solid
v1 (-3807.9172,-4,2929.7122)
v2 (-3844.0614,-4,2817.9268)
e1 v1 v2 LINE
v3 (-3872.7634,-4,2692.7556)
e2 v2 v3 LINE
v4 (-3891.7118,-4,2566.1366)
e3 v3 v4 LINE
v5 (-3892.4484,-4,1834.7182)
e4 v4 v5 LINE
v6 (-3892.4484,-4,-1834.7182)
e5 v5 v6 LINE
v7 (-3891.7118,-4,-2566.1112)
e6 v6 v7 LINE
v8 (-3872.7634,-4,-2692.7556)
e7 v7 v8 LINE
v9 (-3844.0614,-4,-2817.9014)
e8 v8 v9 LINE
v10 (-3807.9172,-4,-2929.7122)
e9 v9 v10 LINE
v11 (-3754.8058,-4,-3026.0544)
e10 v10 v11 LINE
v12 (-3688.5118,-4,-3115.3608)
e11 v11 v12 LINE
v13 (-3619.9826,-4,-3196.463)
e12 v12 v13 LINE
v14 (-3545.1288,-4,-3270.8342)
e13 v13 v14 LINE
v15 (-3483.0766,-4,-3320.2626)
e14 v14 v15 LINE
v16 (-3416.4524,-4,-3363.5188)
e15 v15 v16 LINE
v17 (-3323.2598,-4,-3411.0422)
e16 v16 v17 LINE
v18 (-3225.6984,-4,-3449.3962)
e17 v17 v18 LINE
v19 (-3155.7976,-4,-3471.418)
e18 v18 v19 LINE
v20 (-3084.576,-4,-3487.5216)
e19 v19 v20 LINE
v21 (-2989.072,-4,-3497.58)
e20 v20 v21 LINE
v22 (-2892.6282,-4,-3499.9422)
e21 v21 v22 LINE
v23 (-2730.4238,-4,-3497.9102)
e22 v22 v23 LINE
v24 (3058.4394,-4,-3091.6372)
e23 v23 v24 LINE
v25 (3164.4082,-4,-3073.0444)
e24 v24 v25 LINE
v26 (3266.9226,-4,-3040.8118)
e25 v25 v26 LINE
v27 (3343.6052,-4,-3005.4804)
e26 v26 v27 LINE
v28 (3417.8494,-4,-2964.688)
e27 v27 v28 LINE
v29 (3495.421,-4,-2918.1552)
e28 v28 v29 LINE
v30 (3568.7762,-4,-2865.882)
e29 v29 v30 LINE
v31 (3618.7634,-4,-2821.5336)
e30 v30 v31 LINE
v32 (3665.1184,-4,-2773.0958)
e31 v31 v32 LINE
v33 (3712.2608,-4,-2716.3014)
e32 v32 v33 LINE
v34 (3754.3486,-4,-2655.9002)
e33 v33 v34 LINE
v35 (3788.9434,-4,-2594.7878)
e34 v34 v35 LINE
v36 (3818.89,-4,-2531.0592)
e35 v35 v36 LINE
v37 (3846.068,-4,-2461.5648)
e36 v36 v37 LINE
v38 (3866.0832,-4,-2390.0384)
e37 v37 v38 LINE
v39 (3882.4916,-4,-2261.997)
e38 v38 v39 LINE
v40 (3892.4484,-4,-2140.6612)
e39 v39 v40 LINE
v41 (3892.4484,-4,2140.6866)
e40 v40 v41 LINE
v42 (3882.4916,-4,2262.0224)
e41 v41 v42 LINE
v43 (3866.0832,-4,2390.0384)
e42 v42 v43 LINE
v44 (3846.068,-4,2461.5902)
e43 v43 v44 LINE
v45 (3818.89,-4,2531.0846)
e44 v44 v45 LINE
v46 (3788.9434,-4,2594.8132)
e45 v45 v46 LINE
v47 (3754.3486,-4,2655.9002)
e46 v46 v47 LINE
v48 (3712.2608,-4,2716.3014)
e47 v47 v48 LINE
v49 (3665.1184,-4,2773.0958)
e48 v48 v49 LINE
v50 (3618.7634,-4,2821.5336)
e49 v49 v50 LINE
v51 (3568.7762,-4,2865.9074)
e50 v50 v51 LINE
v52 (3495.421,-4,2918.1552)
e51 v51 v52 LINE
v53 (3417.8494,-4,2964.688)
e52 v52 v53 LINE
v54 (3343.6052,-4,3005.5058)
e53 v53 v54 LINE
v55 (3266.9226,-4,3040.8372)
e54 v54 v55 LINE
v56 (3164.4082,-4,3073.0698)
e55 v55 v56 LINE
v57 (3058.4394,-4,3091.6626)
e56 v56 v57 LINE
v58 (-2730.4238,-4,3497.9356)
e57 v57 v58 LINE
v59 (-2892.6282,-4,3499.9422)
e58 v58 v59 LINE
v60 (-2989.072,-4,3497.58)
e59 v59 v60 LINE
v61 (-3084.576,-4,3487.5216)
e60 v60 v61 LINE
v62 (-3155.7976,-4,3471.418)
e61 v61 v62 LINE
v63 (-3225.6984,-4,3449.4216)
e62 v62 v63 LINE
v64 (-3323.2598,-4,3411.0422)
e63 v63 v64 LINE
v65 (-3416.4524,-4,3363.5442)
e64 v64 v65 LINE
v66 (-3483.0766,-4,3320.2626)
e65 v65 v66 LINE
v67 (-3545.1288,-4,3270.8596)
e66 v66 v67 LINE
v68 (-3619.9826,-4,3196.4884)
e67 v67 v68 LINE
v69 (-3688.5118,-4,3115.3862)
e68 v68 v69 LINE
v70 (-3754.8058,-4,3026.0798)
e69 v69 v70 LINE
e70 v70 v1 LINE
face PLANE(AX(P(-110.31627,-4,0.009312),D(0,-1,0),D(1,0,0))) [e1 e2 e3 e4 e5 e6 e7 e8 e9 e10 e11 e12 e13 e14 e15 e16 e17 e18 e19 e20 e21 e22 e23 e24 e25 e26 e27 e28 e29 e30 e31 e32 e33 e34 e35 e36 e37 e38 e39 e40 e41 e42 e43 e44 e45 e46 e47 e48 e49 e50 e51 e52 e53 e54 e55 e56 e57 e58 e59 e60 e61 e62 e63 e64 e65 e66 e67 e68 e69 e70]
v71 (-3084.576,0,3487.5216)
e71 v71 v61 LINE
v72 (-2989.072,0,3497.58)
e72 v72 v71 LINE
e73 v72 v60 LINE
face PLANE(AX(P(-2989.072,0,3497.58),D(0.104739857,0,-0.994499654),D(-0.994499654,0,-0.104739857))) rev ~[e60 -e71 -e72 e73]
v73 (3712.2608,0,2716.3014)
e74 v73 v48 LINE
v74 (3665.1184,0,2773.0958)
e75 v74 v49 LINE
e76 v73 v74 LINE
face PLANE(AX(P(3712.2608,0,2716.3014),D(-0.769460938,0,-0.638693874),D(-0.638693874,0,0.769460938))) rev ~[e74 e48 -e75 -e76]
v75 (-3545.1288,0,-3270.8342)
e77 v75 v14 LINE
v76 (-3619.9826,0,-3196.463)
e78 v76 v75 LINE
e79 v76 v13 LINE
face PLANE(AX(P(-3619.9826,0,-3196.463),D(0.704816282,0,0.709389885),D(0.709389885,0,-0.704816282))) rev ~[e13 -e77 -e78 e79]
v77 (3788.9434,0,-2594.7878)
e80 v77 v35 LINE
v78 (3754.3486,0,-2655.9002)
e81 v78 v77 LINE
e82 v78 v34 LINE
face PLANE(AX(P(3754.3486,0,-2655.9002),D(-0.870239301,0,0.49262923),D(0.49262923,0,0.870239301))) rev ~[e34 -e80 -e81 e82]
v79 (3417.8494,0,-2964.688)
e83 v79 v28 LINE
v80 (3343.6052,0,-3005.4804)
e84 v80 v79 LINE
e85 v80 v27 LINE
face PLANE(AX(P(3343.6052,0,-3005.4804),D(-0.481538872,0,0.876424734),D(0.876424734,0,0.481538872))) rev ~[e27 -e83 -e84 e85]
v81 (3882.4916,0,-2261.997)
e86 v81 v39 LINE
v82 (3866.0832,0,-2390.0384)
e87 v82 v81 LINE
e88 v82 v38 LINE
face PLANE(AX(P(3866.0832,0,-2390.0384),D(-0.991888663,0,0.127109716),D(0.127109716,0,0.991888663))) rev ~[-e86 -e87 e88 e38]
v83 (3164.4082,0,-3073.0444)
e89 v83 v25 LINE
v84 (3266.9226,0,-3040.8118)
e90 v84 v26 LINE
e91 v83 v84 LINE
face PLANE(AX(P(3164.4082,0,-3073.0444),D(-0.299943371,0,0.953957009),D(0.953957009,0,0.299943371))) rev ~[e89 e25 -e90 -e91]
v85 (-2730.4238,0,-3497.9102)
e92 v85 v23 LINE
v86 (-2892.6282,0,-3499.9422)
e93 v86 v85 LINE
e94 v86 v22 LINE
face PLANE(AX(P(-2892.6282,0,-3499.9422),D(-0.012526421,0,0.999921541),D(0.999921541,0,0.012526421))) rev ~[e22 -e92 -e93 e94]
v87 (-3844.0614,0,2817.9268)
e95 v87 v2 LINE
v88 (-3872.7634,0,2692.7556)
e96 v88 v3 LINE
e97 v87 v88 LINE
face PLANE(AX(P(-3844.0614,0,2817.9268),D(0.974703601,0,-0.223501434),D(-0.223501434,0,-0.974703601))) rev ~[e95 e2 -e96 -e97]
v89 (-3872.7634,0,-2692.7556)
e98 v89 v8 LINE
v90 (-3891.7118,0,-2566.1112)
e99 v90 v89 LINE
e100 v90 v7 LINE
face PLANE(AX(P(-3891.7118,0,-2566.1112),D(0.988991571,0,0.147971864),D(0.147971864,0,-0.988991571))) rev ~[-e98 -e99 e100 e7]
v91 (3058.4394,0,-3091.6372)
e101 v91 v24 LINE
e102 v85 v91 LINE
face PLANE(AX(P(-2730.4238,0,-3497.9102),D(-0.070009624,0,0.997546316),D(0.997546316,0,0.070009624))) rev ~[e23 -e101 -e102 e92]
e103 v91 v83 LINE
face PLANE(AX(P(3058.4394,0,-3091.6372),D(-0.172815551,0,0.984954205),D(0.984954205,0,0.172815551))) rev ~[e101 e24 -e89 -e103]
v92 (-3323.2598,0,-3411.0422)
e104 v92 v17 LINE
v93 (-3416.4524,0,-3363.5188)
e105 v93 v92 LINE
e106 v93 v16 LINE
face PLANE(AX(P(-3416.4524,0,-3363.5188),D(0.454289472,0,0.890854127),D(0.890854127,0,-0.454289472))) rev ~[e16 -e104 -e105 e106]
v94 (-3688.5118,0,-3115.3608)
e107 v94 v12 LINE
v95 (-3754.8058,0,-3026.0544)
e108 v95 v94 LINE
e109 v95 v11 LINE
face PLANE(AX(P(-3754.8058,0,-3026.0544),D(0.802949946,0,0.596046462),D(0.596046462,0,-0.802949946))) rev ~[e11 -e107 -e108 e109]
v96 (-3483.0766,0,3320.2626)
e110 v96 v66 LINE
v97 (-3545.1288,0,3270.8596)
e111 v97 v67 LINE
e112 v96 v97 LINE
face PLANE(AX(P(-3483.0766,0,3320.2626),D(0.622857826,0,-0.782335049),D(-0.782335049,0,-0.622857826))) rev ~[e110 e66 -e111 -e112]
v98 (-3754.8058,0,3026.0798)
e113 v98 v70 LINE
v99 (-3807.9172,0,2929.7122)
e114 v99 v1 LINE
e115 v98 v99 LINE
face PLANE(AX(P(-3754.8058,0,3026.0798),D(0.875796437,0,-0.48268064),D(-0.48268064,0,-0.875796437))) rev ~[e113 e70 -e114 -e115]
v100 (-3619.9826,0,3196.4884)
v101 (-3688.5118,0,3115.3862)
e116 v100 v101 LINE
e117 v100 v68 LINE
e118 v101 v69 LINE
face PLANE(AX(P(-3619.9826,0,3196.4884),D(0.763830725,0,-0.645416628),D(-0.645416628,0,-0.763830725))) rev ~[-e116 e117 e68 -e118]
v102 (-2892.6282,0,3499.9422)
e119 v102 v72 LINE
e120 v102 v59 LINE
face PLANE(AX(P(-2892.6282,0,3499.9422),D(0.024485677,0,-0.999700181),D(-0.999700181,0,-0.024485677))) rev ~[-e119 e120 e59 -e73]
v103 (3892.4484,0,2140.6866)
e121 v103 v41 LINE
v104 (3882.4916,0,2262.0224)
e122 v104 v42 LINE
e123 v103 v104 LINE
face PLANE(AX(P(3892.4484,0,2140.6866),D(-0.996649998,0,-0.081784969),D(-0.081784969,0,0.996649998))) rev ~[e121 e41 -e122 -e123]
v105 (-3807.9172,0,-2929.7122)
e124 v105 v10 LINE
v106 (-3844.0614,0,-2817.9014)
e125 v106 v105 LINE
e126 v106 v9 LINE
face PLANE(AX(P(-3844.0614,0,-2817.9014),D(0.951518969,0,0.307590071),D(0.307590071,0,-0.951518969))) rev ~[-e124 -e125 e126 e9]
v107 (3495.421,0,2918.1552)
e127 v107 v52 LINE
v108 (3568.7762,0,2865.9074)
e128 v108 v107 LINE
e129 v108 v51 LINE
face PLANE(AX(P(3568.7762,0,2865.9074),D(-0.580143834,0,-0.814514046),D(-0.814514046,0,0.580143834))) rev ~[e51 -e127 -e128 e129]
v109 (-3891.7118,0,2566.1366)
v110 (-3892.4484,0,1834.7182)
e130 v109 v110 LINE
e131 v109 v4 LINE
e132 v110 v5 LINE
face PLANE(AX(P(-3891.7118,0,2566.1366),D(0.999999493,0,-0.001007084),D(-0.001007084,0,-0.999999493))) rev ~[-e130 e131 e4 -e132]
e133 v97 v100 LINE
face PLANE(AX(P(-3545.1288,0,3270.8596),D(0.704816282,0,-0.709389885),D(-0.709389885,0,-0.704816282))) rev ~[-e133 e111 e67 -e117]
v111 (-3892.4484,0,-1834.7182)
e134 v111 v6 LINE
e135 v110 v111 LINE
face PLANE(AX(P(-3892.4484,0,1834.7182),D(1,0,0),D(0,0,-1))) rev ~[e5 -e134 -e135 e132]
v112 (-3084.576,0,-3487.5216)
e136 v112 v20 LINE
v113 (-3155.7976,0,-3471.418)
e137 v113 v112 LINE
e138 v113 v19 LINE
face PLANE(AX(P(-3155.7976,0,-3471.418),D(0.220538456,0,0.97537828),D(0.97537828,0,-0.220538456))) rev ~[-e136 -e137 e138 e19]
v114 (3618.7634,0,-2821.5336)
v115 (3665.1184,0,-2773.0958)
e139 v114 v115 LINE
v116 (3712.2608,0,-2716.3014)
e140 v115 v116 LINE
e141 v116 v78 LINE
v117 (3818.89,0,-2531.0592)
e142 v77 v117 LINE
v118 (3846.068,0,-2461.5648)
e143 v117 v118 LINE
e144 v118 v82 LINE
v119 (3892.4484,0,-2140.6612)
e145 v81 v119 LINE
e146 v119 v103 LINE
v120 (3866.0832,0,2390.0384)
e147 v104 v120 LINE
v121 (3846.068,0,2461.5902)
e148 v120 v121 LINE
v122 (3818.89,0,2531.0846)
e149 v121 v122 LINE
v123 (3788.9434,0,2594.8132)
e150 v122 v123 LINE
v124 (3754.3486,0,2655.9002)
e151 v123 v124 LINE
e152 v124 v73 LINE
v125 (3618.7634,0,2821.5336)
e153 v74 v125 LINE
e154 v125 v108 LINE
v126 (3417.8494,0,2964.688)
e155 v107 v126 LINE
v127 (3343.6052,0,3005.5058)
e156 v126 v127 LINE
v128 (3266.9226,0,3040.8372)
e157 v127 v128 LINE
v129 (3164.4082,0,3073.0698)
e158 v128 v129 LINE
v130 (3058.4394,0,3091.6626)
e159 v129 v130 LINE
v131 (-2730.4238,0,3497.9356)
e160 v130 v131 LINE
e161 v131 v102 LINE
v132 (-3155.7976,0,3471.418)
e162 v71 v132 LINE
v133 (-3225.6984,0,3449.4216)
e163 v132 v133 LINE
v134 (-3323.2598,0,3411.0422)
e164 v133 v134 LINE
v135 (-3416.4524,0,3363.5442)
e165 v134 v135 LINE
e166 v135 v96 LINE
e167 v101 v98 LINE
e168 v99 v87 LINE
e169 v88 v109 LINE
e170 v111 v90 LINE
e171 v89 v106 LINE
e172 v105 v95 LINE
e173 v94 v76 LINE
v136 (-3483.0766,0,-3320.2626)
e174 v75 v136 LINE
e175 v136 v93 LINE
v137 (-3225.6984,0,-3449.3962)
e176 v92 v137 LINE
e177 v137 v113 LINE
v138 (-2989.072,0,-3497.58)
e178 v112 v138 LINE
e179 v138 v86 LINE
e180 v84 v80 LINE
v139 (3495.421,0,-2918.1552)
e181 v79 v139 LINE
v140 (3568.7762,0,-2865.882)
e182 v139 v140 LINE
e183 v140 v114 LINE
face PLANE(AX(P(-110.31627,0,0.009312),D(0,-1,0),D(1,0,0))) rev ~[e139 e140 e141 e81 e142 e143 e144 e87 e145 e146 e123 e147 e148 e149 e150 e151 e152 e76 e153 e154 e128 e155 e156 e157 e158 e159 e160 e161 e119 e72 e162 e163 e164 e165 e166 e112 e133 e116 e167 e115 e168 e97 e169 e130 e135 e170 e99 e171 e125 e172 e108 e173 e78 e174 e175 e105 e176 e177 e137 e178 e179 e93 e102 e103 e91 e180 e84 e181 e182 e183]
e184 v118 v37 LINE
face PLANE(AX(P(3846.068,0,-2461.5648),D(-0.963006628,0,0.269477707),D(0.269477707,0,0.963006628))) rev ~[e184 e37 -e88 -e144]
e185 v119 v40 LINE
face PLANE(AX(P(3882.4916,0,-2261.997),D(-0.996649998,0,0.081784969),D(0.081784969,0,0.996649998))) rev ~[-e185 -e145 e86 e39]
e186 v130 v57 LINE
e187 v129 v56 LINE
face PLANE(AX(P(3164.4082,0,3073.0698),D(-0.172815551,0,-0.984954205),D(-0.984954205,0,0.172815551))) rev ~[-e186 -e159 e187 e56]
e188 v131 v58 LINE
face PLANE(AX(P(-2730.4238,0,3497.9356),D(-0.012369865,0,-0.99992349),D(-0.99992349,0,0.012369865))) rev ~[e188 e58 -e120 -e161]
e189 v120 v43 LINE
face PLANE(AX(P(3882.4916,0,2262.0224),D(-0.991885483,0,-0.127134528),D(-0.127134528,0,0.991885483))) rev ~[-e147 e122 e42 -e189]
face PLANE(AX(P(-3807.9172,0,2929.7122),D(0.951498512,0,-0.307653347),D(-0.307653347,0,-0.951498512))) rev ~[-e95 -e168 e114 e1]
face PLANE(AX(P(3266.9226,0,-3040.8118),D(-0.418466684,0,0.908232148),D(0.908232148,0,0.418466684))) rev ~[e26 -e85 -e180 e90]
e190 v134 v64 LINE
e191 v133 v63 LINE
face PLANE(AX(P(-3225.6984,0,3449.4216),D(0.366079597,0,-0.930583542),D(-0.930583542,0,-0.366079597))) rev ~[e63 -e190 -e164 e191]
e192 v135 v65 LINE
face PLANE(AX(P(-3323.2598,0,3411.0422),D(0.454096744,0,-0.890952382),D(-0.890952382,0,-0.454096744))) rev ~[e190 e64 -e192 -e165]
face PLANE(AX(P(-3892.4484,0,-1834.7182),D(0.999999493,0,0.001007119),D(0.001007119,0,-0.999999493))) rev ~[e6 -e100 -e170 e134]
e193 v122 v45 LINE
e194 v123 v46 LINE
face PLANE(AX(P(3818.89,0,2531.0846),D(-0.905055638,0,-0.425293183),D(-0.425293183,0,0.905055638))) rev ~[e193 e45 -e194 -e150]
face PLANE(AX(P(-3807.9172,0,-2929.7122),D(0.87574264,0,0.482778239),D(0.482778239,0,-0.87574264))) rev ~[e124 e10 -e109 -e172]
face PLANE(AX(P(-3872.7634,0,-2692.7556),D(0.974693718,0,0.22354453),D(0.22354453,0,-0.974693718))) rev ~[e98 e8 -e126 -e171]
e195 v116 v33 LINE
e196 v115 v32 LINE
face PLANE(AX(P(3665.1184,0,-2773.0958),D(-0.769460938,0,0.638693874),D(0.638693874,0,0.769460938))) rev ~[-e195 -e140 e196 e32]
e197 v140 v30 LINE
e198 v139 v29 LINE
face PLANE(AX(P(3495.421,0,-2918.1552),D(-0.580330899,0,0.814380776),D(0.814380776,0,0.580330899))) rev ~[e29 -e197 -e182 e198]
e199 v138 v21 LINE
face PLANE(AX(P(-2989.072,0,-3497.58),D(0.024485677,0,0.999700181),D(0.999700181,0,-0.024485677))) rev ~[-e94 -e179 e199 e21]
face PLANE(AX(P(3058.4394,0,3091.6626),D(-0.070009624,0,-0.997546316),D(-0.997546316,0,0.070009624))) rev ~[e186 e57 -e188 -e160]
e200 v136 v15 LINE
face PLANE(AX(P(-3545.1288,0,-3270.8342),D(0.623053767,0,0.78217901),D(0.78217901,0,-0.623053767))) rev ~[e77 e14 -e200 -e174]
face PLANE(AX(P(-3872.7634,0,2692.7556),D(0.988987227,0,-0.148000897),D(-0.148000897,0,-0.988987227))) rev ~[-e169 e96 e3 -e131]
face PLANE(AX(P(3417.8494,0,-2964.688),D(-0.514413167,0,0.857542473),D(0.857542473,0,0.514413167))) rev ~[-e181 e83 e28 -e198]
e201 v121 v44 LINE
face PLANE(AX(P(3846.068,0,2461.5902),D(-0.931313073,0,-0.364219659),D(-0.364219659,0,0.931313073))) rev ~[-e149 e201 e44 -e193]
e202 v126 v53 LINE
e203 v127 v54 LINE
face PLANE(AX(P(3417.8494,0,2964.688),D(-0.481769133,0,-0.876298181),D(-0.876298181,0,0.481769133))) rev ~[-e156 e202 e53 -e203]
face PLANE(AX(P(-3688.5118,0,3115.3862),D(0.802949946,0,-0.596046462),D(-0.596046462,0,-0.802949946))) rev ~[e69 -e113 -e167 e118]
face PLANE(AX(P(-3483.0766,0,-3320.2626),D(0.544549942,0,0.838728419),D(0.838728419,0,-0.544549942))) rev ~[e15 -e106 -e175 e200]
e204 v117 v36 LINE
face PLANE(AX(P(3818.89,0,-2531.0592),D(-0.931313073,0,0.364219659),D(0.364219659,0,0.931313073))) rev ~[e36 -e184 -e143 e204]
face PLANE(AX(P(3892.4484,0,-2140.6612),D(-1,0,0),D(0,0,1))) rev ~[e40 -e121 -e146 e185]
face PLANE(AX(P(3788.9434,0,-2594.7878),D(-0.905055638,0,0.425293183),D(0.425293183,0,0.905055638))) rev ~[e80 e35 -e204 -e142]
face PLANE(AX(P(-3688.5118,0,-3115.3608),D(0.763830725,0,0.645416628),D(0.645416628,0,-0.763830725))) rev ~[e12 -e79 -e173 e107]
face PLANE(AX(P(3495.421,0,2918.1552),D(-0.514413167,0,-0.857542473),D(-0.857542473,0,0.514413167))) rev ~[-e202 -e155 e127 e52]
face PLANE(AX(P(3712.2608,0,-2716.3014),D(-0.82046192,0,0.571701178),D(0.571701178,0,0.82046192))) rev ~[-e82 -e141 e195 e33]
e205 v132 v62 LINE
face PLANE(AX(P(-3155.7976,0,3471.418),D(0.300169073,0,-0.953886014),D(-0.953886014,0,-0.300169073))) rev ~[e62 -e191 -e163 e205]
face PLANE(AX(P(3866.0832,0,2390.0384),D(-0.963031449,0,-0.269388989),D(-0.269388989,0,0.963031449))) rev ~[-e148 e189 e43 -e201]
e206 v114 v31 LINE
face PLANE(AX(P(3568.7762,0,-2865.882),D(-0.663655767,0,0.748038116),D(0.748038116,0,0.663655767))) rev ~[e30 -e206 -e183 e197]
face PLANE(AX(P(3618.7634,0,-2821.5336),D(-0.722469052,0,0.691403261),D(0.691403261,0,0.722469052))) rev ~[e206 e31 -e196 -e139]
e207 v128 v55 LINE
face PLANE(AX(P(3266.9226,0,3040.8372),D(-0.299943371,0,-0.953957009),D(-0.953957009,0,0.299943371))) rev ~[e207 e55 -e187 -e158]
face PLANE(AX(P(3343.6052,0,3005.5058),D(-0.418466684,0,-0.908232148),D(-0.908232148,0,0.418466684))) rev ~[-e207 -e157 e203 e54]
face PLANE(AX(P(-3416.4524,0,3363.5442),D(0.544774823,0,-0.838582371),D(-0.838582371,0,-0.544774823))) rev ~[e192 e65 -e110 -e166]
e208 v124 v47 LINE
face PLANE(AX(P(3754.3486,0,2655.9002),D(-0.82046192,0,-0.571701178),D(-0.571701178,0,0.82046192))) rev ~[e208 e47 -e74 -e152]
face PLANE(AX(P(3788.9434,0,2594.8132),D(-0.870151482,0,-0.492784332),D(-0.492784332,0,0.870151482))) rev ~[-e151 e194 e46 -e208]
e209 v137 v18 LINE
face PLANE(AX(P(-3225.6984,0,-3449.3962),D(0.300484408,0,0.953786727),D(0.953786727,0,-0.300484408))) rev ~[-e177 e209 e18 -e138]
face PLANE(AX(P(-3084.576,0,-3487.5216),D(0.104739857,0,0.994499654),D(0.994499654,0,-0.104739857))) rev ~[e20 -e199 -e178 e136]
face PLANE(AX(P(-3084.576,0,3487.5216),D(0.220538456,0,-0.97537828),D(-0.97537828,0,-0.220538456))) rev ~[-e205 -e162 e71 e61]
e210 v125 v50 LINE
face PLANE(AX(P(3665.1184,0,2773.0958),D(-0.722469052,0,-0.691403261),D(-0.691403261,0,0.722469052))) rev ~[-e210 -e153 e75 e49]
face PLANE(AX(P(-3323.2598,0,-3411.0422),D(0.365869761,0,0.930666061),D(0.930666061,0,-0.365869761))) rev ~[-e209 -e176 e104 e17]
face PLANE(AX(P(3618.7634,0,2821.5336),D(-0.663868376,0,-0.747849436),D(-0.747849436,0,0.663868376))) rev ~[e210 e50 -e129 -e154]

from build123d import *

# Parameters (mm, degrees)
F1_DEPTH = 4


with BuildPart() as f1:
    # F0 (on Front) → F1 (new body)
    with BuildSketch(Plane.XZ):
        Polygon((-3891.7118, 2566.1366), (-3892.4484, 1834.7182), (-3892.4484, 1334.9224), (-3892.4484, 0), (-3892.4484, -1334.897), (-3892.4484, -1834.7182), (-3891.7118, -2566.1112), (-3872.7634, -2692.7556), (-3844.0614, -2817.9014), (-3807.9172, -2929.7122), (-3754.8058, -3026.0544), (-3688.5118, -3115.3608), (-3619.9826, -3196.463), (-3545.1288, -3270.8342), (-3483.0766, -3320.2626), (-3416.4524, -3363.5188), (-3323.2598, -3411.0422), (-3225.6984, -3449.3962), (-3155.7976, -3471.418), (-3084.576, -3487.5216), (-2989.072, -3497.58), (-2892.6282, -3499.9422), (-2730.4238, -3497.9102), (3058.4394, -3091.6372), (3164.4082, -3073.0444), (3266.9226, -3040.8118), (3343.6052, -3005.4804), (3417.8494, -2964.688), (3495.421, -2918.1552), (3568.7762, -2865.882), (3618.7634, -2821.5336), (3665.1184, -2773.0958), (3712.2608, -2716.3014), (3754.3486, -2655.9002), (3788.9434, -2594.7878), (3818.89, -2531.0592), (3846.068, -2461.5648), (3866.0832, -2390.0384), (3882.4916, -2261.997), (3892.4484, -2140.6612), (3892.4484, -1334.897), (3892.4484, -844.423), (3892.4484, 0), (3892.4484, 844.4484), (3892.4484, 1334.9224), (3892.4484, 2140.6866), (3882.4916, 2262.0224), (3866.0832, 2390.0384), (3846.068, 2461.5902), (3818.89, 2531.0846), (3788.9434, 2594.8132), (3754.3486, 2655.9002), (3712.2608, 2716.3014), (3665.1184, 2773.0958), (3618.7634, 2821.5336), (3568.7762, 2865.9074), (3495.421, 2918.1552), (3417.8494, 2964.688), (3343.6052, 3005.5058), (3266.9226, 3040.8372), (3164.4082, 3073.0698), (3058.4394, 3091.6626), (-2730.4238, 3497.9356), (-2892.6282, 3499.9422), (-2989.072, 3497.58), (-3084.576, 3487.5216), (-3155.7976, 3471.418), (-3225.6984, 3449.4216), (-3323.2598, 3411.0422), (-3416.4524, 3363.5442), (-3483.0766, 3320.2626), (-3545.1288, 3270.8596), (-3619.9826, 3196.4884), (-3688.5118, 3115.3862), (-3754.8058, 3026.0798), (-3807.9172, 2929.7122), (-3844.0614, 2817.9268), (-3872.7634, 2692.7556), align=None)
    extrude(amount=F1_DEPTH)


solid = f1.part
